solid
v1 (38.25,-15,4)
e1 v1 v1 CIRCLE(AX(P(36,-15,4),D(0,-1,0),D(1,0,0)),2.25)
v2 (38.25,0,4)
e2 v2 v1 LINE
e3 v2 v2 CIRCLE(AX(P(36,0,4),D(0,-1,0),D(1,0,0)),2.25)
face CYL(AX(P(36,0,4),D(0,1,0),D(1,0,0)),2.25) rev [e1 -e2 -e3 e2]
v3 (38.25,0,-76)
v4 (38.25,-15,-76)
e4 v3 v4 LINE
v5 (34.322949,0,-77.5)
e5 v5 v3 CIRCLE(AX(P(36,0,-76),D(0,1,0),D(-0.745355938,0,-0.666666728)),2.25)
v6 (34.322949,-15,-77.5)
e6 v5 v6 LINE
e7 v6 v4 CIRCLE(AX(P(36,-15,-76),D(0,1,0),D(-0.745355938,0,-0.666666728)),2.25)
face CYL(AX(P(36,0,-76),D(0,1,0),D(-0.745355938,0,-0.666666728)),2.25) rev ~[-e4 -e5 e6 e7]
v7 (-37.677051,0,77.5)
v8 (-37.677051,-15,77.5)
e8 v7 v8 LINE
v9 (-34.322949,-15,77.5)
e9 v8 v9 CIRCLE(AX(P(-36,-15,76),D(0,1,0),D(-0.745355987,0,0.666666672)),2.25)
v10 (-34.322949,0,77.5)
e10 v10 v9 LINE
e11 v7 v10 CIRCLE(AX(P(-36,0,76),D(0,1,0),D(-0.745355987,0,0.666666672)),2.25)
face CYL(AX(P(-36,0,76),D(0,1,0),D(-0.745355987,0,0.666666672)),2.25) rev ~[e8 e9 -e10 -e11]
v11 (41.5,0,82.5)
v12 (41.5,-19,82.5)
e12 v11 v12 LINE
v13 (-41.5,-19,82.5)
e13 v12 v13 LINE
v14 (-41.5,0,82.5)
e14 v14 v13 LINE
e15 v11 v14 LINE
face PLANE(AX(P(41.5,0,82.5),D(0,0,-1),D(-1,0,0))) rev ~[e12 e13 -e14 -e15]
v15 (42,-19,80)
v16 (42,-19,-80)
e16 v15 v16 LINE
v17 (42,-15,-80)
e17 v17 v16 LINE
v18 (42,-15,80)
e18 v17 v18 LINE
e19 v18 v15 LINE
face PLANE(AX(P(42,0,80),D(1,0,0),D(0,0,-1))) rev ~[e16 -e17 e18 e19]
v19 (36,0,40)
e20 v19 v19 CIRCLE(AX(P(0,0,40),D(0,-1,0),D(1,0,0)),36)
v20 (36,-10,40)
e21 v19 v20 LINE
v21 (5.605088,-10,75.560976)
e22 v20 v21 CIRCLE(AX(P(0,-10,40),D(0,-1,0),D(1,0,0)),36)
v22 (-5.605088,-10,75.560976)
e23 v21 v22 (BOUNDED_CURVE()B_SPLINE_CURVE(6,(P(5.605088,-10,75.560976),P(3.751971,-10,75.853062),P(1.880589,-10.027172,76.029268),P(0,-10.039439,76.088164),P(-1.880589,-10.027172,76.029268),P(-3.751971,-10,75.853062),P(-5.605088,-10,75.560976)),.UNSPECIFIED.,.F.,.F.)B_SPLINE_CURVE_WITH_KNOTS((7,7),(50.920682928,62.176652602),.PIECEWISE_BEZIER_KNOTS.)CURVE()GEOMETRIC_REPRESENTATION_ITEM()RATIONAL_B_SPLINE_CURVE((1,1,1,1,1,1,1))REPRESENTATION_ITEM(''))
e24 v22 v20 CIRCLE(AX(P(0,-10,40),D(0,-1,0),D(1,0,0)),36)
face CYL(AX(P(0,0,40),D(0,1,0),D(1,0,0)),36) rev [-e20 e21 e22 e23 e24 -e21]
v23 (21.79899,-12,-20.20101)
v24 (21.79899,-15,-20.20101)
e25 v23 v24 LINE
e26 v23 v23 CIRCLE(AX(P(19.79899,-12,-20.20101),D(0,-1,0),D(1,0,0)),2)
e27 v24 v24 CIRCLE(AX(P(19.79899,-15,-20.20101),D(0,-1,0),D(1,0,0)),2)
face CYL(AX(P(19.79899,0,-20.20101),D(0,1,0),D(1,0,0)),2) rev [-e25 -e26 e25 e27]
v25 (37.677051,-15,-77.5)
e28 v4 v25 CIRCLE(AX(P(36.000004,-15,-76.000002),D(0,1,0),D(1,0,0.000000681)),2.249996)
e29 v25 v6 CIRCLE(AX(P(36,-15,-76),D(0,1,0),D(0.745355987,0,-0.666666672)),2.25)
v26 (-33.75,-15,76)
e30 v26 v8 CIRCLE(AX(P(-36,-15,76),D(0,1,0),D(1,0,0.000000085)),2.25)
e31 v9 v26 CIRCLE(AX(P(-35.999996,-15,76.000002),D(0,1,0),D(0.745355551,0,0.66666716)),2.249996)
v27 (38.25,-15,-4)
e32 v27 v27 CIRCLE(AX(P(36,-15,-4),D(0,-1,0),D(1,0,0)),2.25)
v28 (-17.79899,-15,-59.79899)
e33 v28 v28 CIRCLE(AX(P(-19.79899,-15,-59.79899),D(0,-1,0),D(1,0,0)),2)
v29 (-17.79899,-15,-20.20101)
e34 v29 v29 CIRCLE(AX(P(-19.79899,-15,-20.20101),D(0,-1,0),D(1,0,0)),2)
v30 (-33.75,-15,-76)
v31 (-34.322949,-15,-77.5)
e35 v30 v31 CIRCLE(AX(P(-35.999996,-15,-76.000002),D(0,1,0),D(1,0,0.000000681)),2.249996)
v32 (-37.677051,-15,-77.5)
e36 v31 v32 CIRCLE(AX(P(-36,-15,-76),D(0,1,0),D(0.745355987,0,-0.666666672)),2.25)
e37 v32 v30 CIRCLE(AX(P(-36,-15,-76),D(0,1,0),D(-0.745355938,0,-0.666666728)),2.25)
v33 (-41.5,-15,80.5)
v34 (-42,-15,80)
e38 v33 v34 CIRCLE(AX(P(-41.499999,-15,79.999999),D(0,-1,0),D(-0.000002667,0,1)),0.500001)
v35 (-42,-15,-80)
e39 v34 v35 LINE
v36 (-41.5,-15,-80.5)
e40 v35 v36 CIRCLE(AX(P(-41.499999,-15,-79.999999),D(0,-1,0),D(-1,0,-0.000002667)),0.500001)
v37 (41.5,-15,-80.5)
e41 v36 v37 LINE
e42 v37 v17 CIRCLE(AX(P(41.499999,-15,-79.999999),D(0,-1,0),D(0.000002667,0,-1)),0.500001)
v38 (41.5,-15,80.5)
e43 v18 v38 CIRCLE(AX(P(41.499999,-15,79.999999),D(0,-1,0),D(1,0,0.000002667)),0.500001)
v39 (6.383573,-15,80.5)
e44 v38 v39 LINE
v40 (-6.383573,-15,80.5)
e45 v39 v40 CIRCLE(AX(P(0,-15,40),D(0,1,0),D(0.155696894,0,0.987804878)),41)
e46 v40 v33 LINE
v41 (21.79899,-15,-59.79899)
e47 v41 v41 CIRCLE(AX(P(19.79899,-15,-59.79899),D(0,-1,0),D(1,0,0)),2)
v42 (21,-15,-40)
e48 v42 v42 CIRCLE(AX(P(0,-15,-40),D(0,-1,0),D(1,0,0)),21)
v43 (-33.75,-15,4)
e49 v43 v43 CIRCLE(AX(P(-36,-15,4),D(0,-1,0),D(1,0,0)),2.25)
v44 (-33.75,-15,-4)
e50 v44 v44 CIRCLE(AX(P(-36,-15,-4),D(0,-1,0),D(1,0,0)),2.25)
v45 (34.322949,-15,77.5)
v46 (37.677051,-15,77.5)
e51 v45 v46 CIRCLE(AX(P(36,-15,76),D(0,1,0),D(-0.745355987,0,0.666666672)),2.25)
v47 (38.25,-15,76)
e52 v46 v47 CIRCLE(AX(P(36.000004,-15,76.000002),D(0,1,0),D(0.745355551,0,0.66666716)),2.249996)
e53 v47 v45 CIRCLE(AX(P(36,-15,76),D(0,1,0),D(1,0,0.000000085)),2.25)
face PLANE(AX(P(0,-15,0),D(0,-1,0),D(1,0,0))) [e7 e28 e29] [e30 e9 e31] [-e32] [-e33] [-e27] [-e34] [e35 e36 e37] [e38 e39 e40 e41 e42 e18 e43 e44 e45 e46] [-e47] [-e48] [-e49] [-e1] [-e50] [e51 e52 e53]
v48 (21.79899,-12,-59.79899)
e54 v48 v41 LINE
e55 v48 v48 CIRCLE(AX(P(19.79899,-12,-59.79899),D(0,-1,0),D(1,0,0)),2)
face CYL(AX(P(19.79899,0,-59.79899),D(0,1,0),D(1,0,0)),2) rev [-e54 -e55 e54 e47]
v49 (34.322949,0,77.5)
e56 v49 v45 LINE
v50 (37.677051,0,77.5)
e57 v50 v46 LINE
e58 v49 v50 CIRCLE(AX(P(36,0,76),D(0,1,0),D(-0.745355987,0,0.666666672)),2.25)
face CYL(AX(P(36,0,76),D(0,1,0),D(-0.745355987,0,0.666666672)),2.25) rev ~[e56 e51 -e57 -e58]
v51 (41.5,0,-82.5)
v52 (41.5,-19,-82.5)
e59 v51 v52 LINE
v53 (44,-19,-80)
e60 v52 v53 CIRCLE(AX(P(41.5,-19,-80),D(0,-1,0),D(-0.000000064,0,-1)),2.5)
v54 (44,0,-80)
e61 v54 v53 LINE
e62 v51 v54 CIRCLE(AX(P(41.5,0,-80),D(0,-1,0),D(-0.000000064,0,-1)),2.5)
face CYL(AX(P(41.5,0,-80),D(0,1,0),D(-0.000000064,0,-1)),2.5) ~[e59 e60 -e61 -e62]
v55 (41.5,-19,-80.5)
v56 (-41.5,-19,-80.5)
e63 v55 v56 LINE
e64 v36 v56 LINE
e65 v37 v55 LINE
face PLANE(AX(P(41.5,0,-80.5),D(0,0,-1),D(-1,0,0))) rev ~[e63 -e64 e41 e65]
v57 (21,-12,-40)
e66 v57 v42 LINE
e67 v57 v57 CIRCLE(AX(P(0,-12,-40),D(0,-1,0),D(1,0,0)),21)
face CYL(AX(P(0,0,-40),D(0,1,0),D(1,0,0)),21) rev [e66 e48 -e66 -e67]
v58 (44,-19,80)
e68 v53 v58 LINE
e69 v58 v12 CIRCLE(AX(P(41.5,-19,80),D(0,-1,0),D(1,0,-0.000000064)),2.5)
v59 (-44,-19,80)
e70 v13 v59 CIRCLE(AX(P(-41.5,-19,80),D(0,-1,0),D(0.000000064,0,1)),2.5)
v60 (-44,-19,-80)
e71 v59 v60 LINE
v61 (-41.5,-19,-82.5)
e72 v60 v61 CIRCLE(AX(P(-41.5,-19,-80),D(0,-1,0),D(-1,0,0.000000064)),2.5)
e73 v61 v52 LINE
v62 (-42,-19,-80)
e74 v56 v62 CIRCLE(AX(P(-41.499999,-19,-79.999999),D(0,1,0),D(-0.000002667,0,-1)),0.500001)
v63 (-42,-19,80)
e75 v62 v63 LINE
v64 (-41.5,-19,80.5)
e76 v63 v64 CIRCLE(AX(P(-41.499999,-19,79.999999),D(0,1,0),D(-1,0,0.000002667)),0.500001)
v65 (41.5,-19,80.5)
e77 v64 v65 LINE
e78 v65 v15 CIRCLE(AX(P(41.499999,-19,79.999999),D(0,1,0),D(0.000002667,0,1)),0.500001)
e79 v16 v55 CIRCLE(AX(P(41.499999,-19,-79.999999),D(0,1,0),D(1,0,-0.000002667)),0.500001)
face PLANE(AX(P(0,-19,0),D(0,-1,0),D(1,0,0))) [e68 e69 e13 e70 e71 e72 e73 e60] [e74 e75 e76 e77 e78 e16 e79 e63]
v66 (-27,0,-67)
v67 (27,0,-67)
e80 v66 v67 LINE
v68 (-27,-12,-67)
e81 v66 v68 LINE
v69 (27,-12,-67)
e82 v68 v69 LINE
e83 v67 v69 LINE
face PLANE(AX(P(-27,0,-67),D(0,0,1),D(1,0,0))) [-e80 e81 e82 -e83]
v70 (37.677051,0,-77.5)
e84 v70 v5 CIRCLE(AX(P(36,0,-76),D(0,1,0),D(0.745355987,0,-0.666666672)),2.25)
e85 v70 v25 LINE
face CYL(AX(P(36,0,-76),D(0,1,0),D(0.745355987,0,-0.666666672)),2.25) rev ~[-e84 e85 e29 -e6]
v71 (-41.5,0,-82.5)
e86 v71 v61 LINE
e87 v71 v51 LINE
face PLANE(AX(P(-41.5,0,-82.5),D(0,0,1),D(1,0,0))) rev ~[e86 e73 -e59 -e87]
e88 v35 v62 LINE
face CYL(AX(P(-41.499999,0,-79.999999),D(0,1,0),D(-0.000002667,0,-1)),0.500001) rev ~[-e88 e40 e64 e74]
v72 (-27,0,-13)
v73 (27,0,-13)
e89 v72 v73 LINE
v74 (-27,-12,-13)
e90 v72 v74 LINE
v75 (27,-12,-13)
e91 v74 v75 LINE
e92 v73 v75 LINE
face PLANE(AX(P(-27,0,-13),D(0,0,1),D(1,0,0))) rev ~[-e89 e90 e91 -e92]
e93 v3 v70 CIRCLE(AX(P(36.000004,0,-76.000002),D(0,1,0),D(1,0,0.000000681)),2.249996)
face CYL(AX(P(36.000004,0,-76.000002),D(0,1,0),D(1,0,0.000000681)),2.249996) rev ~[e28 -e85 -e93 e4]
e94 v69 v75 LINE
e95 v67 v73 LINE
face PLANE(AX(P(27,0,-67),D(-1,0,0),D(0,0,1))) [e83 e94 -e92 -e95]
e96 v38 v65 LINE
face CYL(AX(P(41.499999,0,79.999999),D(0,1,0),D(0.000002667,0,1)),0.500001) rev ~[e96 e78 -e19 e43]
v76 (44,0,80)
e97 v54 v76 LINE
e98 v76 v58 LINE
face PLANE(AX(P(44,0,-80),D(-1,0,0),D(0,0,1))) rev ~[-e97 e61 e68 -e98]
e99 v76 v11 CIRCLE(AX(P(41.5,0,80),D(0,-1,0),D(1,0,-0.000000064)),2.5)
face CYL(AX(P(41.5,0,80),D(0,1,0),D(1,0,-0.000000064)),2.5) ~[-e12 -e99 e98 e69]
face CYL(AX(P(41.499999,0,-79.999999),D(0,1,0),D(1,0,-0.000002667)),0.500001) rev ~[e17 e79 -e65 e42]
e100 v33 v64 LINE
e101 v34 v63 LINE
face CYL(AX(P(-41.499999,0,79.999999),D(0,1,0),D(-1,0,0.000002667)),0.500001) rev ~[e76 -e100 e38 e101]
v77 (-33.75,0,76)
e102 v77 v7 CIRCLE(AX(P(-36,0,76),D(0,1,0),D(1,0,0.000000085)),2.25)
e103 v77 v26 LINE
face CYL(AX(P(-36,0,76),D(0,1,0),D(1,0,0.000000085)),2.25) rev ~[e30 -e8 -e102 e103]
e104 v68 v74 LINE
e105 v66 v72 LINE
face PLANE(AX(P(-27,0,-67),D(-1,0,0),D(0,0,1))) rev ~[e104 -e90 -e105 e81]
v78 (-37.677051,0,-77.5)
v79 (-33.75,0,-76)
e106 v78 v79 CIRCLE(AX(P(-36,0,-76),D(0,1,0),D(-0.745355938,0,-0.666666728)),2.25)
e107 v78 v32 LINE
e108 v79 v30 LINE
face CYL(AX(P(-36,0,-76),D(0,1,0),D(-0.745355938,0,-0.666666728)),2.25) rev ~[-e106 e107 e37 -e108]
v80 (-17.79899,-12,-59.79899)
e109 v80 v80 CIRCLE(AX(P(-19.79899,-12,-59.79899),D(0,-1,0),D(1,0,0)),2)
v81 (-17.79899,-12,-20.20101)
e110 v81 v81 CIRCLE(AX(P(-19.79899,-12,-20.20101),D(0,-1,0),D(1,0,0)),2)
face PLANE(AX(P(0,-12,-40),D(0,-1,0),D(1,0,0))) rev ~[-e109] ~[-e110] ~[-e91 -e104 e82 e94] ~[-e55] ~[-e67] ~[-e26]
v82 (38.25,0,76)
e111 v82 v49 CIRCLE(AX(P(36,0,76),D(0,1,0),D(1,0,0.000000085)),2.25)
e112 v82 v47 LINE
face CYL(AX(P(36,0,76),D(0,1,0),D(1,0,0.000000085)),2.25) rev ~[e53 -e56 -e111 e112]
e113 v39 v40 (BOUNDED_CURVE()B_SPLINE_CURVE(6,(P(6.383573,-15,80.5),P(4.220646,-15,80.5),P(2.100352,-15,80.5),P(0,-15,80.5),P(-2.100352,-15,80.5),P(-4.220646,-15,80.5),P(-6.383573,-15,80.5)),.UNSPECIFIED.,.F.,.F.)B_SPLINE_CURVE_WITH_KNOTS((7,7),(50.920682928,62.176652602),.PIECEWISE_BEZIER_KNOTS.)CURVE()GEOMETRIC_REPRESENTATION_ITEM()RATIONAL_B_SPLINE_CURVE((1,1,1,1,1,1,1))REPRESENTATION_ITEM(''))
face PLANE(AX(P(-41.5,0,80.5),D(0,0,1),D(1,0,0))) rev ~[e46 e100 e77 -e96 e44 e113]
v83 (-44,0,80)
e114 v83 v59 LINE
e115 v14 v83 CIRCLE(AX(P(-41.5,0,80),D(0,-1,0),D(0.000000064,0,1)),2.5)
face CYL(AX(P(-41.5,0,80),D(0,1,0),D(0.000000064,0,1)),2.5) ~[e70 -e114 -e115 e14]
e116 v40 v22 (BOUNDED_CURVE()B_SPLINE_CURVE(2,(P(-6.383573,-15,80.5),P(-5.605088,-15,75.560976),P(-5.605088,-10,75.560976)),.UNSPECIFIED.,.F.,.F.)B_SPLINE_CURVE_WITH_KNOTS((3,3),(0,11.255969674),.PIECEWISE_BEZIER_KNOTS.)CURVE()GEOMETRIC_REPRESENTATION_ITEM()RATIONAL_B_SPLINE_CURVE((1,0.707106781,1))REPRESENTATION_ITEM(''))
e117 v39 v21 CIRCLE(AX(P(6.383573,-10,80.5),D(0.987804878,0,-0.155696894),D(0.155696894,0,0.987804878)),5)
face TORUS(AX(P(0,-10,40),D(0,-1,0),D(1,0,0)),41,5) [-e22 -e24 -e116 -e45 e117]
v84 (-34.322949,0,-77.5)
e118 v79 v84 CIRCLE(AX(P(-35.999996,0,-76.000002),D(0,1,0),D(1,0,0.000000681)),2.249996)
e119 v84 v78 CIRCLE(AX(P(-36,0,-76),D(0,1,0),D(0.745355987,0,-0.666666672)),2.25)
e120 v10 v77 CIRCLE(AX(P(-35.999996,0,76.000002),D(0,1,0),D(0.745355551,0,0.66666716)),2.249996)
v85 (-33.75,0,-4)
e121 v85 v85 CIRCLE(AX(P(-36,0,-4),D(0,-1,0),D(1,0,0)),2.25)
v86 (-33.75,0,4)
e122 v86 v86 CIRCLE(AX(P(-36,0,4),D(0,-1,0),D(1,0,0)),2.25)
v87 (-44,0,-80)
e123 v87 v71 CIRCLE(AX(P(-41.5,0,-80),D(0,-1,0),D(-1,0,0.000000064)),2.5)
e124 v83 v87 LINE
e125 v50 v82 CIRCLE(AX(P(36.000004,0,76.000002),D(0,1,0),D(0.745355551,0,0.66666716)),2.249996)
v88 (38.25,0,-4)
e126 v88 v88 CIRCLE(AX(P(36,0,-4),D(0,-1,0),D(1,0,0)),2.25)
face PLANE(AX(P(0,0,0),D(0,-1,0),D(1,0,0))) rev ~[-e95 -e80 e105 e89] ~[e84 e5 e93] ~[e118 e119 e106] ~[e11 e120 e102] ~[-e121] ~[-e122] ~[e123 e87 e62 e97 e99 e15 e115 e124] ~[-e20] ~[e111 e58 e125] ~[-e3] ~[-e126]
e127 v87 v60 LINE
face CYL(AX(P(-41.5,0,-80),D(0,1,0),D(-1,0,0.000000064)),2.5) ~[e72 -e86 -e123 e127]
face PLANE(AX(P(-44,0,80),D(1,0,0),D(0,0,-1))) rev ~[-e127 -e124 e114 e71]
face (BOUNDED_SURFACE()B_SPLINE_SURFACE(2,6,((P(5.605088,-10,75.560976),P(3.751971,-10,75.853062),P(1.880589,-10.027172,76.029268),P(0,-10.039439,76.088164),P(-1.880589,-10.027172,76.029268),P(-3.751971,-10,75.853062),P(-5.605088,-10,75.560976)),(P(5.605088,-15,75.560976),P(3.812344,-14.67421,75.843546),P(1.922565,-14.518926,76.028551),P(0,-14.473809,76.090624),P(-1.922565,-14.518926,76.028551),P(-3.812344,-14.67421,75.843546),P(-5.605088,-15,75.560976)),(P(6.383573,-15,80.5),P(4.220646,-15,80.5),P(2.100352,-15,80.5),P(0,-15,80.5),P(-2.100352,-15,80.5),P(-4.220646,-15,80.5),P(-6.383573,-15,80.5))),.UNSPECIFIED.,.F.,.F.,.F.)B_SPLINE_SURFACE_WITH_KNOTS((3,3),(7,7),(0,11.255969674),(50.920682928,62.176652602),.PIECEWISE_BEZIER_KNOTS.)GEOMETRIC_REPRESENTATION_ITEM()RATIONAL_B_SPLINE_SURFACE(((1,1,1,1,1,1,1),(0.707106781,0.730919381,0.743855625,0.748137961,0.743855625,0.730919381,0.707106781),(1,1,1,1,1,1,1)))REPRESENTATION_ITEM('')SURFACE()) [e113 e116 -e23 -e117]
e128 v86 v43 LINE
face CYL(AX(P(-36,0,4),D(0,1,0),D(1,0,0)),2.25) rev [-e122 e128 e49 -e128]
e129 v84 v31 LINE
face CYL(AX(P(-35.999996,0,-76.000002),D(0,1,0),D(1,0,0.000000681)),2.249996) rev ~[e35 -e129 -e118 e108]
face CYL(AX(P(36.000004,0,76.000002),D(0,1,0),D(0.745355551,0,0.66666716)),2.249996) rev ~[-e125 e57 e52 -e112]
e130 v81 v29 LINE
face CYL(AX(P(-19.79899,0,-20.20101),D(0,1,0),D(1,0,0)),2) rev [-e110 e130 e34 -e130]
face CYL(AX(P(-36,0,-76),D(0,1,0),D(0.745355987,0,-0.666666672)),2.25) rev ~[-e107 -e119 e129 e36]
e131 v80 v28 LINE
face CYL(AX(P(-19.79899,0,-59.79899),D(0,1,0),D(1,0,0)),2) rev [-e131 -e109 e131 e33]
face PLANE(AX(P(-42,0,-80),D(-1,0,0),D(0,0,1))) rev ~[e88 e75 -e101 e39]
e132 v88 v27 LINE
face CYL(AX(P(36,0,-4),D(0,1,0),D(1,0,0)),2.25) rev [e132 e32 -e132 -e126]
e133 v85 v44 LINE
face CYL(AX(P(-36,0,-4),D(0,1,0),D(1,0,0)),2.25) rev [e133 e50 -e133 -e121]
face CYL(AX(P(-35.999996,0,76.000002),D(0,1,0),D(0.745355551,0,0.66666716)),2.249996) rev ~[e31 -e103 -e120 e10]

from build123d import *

# Parameters (mm, degrees)
F1_DEPTH = 19
F0_R     = 2.25
F0_W     = 54
F0_H     = 54
F0_R_2   = 36
F0_R_3   = 2
F0_R_4   = 21
F2_DEPTH = 15
F3_DEPTH = 12
F4_R     = 5


with BuildPart() as f1:
    # F0 (on Front) → F1 (new body)
    with BuildSketch(Plane.XZ):
        with BuildLine():
            Line((-41.5, -82.5), (41.5, -82.5))
            ThreePointArc((41.5, -82.5), (43.267767, -81.767767), (44, -80))
            Line((44, -80), (44, 80))
            ThreePointArc((44, 80), (43.267767, 81.767767), (41.5, 82.5))
            Line((41.5, 82.5), (-41.5, 82.5))
            ThreePointArc((-41.5, 82.5), (-43.267767, 81.767767), (-44, 80))
            Line((-44, 80), (-44, -80))
            ThreePointArc((-44, -80), (-43.267767, -81.767767), (-41.5, -82.5))
        make_face()
        with BuildLine():
            ThreePointArc((-41.5, -80.5), (-41.853553, -80.353553), (-42, -80))
            Line((-42, -80), (-42, 80))
            ThreePointArc((-42, 80), (-41.853553, 80.353553), (-41.5, 80.5))
            Line((-41.5, 80.5), (41.5, 80.5))
            ThreePointArc((41.5, 80.5), (41.853553, 80.353553), (42, 80))
            Line((42, 80), (42, -80))
            ThreePointArc((42, -80), (41.853553, -80.353553), (41.5, -80.5))
            Line((41.5, -80.5), (-41.5, -80.5))
        make_face(mode=Mode.SUBTRACT)
    extrude(amount=F1_DEPTH)

    # F0 (on Front) → F2 (join)
    with BuildSketch(Plane.XZ):
        with BuildLine():
            Line((-42, 80), (-42, -80))
            ThreePointArc((-42, -80), (-41.853553, -80.353553), (-41.5, -80.5))
            Line((-41.5, -80.5), (41.5, -80.5))
            ThreePointArc((41.5, -80.5), (41.853553, -80.353553), (42, -80))
            Line((42, -80), (42, 80))
            ThreePointArc((42, 80), (41.853553, 80.353553), (41.5, 80.5))
            Line((41.5, 80.5), (-41.5, 80.5))
            ThreePointArc((-41.5, 80.5), (-41.853553, 80.353553), (-42, 80))
        make_face()
        with BuildLine():
            ThreePointArc((-37.677051, 77.5), (-36, 78.25), (-34.322949, 77.5))
            Line((-34.322949, 77.5), (34.322949, 77.5))
            ThreePointArc((34.322949, 77.5), (36, 78.25), (37.677051, 77.5))
            Line((37.677051, 77.5), (39, 77.5))
            Line((39, 77.5), (39, -77.5))
            Line((39, -77.5), (37.677051, -77.5))
            ThreePointArc((37.677051, -77.5), (36, -78.25), (34.322949, -77.5))
            Line((34.322949, -77.5), (-34.322949, -77.5))
            ThreePointArc((-34.322949, -77.5), (-36, -78.25), (-37.677051, -77.5))
            Line((-37.677051, -77.5), (-39, -77.5))
            Line((-39, -77.5), (-39, 77.5))
            Line((-39, 77.5), (-37.677051, 77.5))
        make_face(mode=Mode.SUBTRACT)
        with BuildLine():
            ThreePointArc((-34.322949, 77.5), (-33.898112, 76.80285), (-33.75, 76))
            ThreePointArc((-33.75, 76), (-36.80285, 73.898112), (-37.677051, 77.5))
            Line((-37.677051, 77.5), (-39, 77.5))
            Line((-39, 77.5), (-39, -77.5))
            Line((-39, -77.5), (-37.677051, -77.5))
            ThreePointArc((-37.677051, -77.5), (-36.80285, -73.898112), (-33.75, -76))
            ThreePointArc((-33.75, -76), (-33.898112, -76.80285), (-34.322949, -77.5))
            Line((-34.322949, -77.5), (34.322949, -77.5))
            ThreePointArc((34.322949, -77.5), (35.19715, -73.898112), (38.25, -76))
            ThreePointArc((38.25, -76), (38.101888, -76.80285), (37.677051, -77.5))
            Line((37.677051, -77.5), (39, -77.5))
            Line((39, -77.5), (39, 77.5))
            Line((39, 77.5), (37.677051, 77.5))
            ThreePointArc((37.677051, 77.5), (38.101888, 76.80285), (38.25, 76))
            ThreePointArc((38.25, 76), (35.19715, 73.898112), (34.322949, 77.5))
            Line((34.322949, 77.5), (-34.322949, 77.5))
        make_face()
        with Locations((-36, -4)):
            Circle(F0_R, mode=Mode.SUBTRACT)
        with Locations((0, -40)):
            Rectangle(F0_W, F0_H, mode=Mode.SUBTRACT)
        with Locations((36, -4)):
            Circle(F0_R, mode=Mode.SUBTRACT)
        with Locations((-36, 4)):
            Circle(F0_R, mode=Mode.SUBTRACT)
        with Locations((0, 40)):
            Circle(F0_R_2, mode=Mode.SUBTRACT)
        with Locations((36, 4)):
            Circle(F0_R, mode=Mode.SUBTRACT)
        with Locations((0, -40)):
            Rectangle(F0_W, F0_H)
        with Locations((-19.79899, -59.79899)):
            Circle(F0_R_3, mode=Mode.SUBTRACT)
        with Locations((-19.79899, -20.20101)):
            Circle(F0_R_3, mode=Mode.SUBTRACT)
        with Locations((19.79899, -59.79899)):
            Circle(F0_R_3, mode=Mode.SUBTRACT)
        with Locations((0, -40)):
            Circle(F0_R_4, mode=Mode.SUBTRACT)
        with Locations((19.79899, -20.20101)):
            Circle(F0_R_3, mode=Mode.SUBTRACT)
    extrude(amount=F2_DEPTH)

    # F0 (on Front) → F3 (cut)
    with BuildSketch(Plane.XZ):
        with Locations((0, -40)):
            Rectangle(F0_W, F0_H)
        with Locations((-19.79899, -59.79899)):
            Circle(F0_R_3, mode=Mode.SUBTRACT)
        with Locations((-19.79899, -20.20101)):
            Circle(F0_R_3, mode=Mode.SUBTRACT)
        with Locations((19.79899, -59.79899)):
            Circle(F0_R_3, mode=Mode.SUBTRACT)
        with Locations((0, -40)):
            Circle(F0_R_4, mode=Mode.SUBTRACT)
        with Locations((19.79899, -20.20101)):
            Circle(F0_R_3, mode=Mode.SUBTRACT)
    extrude(amount=F3_DEPTH, mode=Mode.SUBTRACT)

    # F4
    f4_edges = [f1.edges().sort_by_distance(p)[0] for p in [
        (-36, -15, 40),
    ]]
    fillet(f4_edges, radius=F4_R)


solid = f1.part
